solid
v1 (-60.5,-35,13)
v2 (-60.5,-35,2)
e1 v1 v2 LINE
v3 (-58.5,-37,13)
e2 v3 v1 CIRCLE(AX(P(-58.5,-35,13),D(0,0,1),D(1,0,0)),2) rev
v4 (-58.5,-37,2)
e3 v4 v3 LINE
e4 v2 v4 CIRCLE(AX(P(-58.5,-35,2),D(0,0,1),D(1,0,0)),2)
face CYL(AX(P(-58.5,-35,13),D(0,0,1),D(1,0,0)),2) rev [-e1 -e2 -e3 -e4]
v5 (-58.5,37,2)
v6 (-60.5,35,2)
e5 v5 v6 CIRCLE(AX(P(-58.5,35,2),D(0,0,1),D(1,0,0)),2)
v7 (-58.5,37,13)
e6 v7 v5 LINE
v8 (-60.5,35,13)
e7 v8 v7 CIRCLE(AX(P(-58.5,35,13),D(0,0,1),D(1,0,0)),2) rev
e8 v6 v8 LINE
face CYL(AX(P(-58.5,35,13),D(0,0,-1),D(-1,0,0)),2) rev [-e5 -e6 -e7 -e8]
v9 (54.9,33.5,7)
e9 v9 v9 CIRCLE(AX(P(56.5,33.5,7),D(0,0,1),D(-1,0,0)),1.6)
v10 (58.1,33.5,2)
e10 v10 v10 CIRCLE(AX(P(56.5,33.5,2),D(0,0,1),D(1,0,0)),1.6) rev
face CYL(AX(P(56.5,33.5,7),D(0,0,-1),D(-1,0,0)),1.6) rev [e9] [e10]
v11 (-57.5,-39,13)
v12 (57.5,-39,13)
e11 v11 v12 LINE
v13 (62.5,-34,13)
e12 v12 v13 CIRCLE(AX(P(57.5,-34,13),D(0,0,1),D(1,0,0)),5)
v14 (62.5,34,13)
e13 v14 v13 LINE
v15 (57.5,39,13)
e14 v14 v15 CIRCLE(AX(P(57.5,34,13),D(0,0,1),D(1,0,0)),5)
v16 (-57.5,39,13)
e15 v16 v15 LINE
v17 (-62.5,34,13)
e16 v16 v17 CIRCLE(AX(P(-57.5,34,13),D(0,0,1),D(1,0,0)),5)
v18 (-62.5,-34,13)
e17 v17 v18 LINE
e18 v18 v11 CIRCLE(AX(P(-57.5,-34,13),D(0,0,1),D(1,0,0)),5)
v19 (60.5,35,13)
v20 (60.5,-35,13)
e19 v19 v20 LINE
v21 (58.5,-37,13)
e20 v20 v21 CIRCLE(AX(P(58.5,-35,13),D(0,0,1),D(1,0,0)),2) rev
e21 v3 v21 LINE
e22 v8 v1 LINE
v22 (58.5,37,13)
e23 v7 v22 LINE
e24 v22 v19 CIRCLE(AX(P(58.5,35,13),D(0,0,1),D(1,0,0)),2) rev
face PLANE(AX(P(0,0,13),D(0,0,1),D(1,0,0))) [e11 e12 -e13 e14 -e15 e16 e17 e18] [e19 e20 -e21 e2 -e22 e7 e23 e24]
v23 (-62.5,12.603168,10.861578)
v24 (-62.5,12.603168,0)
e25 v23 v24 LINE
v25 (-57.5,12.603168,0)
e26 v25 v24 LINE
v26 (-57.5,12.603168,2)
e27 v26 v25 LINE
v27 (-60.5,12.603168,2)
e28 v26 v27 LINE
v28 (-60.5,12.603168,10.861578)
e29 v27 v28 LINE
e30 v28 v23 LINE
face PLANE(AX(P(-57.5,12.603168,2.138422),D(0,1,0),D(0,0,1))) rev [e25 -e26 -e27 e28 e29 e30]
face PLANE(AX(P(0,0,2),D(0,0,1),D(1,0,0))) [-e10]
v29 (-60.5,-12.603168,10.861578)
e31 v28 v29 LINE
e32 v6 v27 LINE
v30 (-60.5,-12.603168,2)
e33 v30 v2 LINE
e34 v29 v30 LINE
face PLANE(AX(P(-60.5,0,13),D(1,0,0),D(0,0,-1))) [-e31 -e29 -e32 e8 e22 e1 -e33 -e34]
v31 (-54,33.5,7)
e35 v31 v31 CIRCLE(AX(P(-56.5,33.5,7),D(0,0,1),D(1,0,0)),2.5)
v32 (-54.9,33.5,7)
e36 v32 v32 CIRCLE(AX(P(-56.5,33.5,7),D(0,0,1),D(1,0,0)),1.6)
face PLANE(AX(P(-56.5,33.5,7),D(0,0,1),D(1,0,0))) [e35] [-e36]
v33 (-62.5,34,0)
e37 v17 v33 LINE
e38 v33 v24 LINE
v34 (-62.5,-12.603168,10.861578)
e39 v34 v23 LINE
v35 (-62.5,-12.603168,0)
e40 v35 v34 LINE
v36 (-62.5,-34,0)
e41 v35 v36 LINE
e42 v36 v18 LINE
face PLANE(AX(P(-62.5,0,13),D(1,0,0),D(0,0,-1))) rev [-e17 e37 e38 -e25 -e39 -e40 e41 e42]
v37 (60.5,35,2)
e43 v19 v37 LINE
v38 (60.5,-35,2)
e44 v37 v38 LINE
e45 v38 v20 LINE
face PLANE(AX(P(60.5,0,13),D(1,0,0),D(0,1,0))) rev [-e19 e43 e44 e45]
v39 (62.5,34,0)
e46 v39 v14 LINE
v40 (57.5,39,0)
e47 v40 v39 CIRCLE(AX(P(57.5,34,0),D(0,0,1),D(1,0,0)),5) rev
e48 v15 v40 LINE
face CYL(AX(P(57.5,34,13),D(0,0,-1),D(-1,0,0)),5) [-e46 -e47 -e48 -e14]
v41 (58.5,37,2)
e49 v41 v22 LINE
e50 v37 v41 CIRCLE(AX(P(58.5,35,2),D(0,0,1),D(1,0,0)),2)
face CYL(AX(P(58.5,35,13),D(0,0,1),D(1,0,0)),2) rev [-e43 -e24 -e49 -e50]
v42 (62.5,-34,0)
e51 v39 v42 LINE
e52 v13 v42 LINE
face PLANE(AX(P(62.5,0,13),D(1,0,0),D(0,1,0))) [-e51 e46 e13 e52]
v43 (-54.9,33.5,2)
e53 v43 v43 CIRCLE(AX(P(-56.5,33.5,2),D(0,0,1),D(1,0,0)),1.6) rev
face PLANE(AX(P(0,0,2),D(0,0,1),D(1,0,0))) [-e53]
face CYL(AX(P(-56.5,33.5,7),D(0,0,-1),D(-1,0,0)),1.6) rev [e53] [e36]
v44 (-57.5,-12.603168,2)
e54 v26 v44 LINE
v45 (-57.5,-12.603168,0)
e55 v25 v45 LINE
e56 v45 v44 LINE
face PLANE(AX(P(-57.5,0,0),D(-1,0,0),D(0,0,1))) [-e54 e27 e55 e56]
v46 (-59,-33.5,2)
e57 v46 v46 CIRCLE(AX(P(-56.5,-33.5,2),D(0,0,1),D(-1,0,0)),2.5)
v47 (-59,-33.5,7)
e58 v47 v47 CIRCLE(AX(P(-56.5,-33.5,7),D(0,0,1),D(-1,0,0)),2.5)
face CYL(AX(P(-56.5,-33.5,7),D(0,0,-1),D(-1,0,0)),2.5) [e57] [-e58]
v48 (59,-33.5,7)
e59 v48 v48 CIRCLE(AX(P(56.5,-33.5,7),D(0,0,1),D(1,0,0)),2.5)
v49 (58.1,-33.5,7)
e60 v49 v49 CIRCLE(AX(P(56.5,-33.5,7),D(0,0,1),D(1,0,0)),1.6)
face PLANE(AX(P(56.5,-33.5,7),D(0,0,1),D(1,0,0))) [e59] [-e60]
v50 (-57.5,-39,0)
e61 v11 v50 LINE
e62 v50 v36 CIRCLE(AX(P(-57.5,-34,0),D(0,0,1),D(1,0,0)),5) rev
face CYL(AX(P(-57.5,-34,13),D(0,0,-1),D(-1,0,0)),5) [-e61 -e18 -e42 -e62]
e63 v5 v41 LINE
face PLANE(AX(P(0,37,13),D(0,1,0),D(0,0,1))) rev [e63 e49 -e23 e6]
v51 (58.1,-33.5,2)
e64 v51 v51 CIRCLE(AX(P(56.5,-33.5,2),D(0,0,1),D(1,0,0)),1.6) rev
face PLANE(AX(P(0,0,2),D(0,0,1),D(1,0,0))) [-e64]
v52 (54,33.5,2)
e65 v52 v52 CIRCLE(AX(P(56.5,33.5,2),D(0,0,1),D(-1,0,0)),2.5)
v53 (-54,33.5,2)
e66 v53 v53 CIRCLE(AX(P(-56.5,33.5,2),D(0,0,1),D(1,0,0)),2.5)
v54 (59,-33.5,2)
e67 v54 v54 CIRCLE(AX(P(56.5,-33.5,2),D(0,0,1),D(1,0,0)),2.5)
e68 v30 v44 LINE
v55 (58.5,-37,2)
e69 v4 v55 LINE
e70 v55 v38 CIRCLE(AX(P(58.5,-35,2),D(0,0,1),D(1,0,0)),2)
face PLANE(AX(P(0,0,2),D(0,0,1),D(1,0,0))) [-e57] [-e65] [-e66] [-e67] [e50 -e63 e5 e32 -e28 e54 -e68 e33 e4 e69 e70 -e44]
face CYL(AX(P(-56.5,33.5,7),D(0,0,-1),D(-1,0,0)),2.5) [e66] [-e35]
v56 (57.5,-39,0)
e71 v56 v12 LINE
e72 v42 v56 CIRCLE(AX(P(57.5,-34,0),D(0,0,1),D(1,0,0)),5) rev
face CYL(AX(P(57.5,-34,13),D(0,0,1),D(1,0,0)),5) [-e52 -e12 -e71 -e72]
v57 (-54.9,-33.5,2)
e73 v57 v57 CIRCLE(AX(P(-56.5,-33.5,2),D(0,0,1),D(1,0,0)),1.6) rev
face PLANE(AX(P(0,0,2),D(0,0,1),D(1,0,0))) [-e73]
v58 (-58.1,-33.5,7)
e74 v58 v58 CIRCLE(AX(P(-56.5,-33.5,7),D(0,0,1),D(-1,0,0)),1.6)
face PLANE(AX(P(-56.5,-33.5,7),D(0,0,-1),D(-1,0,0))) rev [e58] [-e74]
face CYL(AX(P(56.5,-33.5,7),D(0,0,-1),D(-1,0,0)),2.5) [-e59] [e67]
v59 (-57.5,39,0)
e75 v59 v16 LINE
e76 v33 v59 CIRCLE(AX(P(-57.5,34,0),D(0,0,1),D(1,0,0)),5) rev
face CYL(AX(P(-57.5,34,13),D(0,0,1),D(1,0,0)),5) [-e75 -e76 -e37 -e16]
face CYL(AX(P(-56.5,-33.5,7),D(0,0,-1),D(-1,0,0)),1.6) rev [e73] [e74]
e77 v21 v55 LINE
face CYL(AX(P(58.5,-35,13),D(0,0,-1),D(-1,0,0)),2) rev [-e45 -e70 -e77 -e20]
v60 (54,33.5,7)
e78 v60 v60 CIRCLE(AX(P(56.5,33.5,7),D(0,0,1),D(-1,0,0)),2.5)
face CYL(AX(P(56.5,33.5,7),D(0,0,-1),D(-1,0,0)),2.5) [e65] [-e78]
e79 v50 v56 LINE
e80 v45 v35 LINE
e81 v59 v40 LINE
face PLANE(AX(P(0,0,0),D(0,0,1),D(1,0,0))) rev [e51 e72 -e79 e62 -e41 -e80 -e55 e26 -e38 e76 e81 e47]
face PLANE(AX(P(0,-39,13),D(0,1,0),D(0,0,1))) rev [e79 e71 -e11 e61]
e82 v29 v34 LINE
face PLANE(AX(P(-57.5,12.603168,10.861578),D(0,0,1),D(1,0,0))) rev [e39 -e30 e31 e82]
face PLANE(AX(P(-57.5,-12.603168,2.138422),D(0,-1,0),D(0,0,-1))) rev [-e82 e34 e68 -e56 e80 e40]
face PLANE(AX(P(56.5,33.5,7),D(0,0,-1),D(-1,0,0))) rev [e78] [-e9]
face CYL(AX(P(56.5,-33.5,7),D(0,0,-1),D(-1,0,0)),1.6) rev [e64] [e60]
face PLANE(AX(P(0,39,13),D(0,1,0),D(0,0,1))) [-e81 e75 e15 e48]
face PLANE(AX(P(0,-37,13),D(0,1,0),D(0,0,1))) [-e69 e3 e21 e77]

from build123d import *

# Parameters (mm, degrees)
SKETCH_1_W          = 125
SKETCH_1_H          = 78
SKETCH_1_R          = 3.6
SKETCH_1_R_2        = 1.6
SKETCH_1_W_2        = 120
SKETCH_1_H_2        = 74
EXTRUDE_1_DEPTH     = 13
SHELL_1_T           = -2
SKETCH_3_R          = 2.5
SKETCH_3_R_2        = 1.6
EXTRUDE_2_DEPTH     = 5
CUT_EXTRUDE_1_DEPTH = 5
FILLET_1_R          = 5
FILLET_2_R          = 2


with BuildPart() as part:
    # 草图1 → 凸台-拉伸1 (new body)
    # profile 1 of 6: a face of its own
    with BuildSketch(Plane.XY):
        Rectangle(SKETCH_1_W, SKETCH_1_H)
        with Locations((-57, -33.5)):
            Circle(SKETCH_1_R, mode=Mode.SUBTRACT)
        with Locations((-57, 33.5)):
            Circle(SKETCH_1_R, mode=Mode.SUBTRACT)
        with Locations((57, -33.5)):
            Circle(SKETCH_1_R, mode=Mode.SUBTRACT)
        with Locations((57, 33.5)):
            Circle(SKETCH_1_R, mode=Mode.SUBTRACT)
    # profile 2 of 6: a face of its own
    with BuildSketch(Plane.XY):
        with Locations((57, 33.5)):
            Circle(SKETCH_1_R)
        with Locations((57, 33.5)):
            Circle(SKETCH_1_R_2, mode=Mode.SUBTRACT)
    # profile 3 of 6: a face of its own
    with BuildSketch(Plane.XY):
        with Locations((-57, -33.5)):
            Circle(SKETCH_1_R)
        with Locations((-57, -33.5)):
            Circle(SKETCH_1_R_2, mode=Mode.SUBTRACT)
    # profile 4 of 6: a face of its own
    with BuildSketch(Plane.XY):
        with Locations((57, -33.5)):
            Circle(SKETCH_1_R)
        with Locations((57, -33.5)):
            Circle(SKETCH_1_R_2, mode=Mode.SUBTRACT)
    # profile 5 of 6: a face of its own
    with BuildSketch(Plane.XY):
        with Locations((-57, 33.5)):
            Circle(SKETCH_1_R)
        with Locations((-57, 33.5)):
            Circle(SKETCH_1_R_2, mode=Mode.SUBTRACT)
    # profile 6 of 6: a face of its own
    with BuildSketch(Plane.XY):
        Rectangle(SKETCH_1_W_2, SKETCH_1_H_2)
    extrude(amount=EXTRUDE_1_DEPTH)

    # 抽壳1
    shell_1_openings = [part.faces().sort_by_distance(p)[0] for p in [
        (0, 0, 13),
    ]]
    offset(amount=SHELL_1_T, openings=shell_1_openings, kind=Kind.INTERSECTION)

    # 草图3 → 凸台-拉伸2 (add)
    # profile 1 of 4: a face of its own
    with BuildSketch(Plane.XY.offset(2)):
        with Locations((-56.5, 33.5)):
            Circle(SKETCH_3_R)
        with Locations((-56.5, 33.5)):
            Circle(SKETCH_3_R_2, mode=Mode.SUBTRACT)
    # profile 2 of 4: a face of its own
    with BuildSketch(Plane.XY.offset(2)):
        with Locations(Location((56.5, 33.5, 0), (0, 0, 180))):
            Circle(SKETCH_3_R)
        with Locations(Location((56.5, 33.5, 0), (0, 0, 180))):
            Circle(SKETCH_3_R_2, mode=Mode.SUBTRACT)
    # profile 3 of 4: a face of its own
    with BuildSketch(Plane.XY.offset(2)):
        with Locations((56.5, -33.5)):
            Circle(SKETCH_3_R)
        with Locations((56.5, -33.5)):
            Circle(SKETCH_3_R_2, mode=Mode.SUBTRACT)
    # profile 4 of 4: a face of its own
    with BuildSketch(Plane.XY.offset(2)):
        with Locations(Location((-56.5, -33.5, 0), (0, 0, 180))):
            Circle(SKETCH_3_R)
        with Locations(Location((-56.5, -33.5, 0), (0, 0, 180))):
            Circle(SKETCH_3_R_2, mode=Mode.SUBTRACT)
    extrude(amount=EXTRUDE_2_DEPTH)

    # 草图5 → 切除-拉伸1 (cut)
    with BuildSketch(Plane.ZY.offset(62.5)):
        Polygon((2.138422059, 12.60316827), (10.861577941, 12.60316827), (10.861577941, -12.60316827), (2.138422059, -12.60316827), (0, -12.60316827), (0, 12.60316827), align=None)
    extrude(amount=-CUT_EXTRUDE_1_DEPTH, mode=Mode.SUBTRACT)

    # 圆角1
    fillet_1_edges = [part.edges().sort_by_distance(p)[0] for p in [
        (62.5, -39, 6.5),
        (-62.5, -39, 6.5),
        (-62.5, 39, 6.5),
        (62.5, 39, 6.5),
    ]]
    fillet(fillet_1_edges, radius=FILLET_1_R)

    # 圆角2
    fillet_2_edges = [part.edges().sort_by_distance(p)[0] for p in [
        (-60.5, 37, 7.5),
        (60.5, 37, 7.5),
        (60.5, -37, 7.5),
        (-60.5, -37, 7.5),
    ]]
    fillet(fillet_2_edges, radius=FILLET_2_R)


solid = part.part
